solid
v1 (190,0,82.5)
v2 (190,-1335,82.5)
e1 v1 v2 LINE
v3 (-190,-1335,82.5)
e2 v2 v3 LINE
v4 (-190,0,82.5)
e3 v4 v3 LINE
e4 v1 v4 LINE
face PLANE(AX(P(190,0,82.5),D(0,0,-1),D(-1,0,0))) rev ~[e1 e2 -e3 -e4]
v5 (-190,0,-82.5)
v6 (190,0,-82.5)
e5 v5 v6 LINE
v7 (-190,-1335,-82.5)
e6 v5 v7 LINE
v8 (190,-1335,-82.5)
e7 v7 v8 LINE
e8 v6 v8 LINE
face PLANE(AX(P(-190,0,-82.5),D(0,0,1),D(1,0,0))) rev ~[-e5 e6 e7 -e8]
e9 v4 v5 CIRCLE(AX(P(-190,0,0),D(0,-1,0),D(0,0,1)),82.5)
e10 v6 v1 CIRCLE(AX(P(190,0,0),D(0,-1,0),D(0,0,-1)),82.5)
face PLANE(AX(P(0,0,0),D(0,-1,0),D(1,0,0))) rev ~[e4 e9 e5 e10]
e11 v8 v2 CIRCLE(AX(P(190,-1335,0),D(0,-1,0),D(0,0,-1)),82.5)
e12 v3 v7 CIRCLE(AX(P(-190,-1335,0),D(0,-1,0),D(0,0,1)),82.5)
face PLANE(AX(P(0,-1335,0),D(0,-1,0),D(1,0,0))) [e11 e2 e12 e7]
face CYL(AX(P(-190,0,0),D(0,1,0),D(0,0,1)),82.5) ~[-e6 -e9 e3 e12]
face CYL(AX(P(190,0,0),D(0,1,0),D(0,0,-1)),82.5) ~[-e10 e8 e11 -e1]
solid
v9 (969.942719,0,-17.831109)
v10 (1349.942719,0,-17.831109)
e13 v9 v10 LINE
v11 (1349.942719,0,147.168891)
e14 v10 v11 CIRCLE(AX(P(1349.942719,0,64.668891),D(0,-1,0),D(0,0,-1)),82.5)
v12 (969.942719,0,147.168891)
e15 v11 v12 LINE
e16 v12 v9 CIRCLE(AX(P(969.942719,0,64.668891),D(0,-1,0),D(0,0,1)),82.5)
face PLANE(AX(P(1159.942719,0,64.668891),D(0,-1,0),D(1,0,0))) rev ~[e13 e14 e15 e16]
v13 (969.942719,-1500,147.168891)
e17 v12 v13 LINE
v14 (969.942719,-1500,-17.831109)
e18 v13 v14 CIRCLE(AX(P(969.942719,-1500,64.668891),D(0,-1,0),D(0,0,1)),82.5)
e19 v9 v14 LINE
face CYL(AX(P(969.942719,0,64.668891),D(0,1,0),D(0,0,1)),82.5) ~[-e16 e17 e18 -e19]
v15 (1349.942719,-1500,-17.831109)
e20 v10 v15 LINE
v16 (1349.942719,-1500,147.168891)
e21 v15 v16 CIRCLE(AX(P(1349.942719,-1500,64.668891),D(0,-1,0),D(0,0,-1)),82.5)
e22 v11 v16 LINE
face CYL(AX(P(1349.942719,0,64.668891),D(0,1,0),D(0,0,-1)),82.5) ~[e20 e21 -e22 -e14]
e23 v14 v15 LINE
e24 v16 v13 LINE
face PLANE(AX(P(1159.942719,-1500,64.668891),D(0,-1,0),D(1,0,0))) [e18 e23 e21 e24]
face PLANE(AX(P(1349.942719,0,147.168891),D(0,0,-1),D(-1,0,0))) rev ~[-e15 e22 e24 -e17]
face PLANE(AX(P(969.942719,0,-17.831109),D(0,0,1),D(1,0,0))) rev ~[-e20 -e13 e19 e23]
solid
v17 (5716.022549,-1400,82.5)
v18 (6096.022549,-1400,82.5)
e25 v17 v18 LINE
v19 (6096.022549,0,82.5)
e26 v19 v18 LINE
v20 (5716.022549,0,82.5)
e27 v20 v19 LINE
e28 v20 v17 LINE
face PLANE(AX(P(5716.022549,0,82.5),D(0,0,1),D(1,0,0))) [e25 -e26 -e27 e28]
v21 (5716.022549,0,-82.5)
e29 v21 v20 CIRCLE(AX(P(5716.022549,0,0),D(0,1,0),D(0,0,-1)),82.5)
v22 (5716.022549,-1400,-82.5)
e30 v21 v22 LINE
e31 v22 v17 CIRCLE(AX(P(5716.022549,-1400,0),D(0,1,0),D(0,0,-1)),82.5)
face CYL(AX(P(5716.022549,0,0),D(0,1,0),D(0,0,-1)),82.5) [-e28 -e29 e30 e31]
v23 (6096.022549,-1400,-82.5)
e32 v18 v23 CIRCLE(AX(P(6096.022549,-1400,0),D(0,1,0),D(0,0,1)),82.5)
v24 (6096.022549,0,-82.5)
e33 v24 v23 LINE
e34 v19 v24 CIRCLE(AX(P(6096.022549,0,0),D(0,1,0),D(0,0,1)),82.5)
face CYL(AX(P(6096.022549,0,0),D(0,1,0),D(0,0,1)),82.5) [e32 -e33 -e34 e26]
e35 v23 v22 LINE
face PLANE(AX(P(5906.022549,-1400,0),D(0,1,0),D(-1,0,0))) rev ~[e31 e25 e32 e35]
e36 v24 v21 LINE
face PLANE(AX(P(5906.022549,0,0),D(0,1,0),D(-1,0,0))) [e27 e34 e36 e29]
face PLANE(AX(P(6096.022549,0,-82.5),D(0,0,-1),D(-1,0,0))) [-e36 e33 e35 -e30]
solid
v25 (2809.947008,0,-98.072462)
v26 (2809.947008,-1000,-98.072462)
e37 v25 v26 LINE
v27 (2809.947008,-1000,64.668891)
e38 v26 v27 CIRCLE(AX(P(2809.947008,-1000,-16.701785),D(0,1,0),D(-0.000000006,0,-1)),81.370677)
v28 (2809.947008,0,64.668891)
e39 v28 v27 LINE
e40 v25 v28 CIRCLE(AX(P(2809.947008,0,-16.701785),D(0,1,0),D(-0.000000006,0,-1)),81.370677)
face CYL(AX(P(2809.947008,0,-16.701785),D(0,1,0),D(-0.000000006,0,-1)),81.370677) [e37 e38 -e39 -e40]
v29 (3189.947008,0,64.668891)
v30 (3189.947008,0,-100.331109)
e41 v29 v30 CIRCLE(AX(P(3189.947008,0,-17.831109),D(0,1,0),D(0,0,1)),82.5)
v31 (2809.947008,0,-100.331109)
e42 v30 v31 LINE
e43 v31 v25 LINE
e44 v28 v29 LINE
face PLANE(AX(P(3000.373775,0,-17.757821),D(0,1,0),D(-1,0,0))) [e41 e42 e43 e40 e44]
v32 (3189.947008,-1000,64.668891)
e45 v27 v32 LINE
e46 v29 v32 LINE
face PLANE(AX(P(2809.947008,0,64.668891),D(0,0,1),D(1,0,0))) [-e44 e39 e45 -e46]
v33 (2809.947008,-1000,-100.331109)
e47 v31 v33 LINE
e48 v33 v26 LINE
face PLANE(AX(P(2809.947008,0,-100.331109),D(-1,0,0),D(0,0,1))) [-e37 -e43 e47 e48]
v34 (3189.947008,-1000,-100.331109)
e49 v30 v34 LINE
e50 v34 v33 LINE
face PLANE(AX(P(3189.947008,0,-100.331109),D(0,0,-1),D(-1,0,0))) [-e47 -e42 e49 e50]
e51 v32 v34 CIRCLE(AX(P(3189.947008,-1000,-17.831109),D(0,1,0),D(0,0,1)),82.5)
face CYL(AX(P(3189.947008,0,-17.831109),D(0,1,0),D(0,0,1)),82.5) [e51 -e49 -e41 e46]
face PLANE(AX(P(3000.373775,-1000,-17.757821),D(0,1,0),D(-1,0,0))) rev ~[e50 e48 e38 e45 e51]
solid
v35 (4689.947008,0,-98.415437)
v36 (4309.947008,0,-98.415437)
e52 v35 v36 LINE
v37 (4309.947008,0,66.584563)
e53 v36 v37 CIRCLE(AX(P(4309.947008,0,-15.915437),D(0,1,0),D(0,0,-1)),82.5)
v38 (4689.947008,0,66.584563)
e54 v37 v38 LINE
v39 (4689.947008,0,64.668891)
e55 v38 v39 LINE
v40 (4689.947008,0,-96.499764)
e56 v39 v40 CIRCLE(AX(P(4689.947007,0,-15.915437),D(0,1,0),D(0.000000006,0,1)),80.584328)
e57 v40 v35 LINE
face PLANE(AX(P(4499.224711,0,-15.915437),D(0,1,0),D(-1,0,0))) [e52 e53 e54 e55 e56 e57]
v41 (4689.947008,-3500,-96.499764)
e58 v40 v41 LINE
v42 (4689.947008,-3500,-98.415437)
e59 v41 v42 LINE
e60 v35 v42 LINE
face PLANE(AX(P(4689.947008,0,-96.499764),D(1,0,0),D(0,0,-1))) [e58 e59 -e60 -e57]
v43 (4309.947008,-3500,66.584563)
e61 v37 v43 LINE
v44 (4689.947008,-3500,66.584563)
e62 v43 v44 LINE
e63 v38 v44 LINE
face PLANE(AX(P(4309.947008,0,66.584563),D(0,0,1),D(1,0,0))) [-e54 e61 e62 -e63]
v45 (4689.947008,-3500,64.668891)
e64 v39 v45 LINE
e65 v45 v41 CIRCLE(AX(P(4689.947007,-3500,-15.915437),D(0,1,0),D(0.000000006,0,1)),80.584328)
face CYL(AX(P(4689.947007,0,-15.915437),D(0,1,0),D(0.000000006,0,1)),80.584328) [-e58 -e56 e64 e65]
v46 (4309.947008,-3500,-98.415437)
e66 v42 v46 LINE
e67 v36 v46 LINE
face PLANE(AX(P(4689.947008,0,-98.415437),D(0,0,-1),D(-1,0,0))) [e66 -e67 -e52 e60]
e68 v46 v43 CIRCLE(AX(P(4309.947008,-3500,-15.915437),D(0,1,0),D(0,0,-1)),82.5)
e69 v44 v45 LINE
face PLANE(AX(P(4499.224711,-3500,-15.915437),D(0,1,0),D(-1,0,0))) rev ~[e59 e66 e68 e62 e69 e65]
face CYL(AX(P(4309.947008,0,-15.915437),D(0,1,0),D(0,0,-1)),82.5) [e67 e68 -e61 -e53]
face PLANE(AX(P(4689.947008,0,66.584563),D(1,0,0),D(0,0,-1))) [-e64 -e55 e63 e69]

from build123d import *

# Parameters (mm, degrees)
F1_DEPTH = 1335
F3_DEPTH = 1500
F5_DEPTH = 1000
F7_DEPTH = 3500
F9_DEPTH = 1400


with BuildPart() as f1:
    # F0 (on Front) → F1 (new body)
    with BuildSketch(Plane.XZ):
        with BuildLine():
            Line((-190, -82.5), (190, -82.5))
            ThreePointArc((190, -82.5), (272.5, 0), (190, 82.5))
            Line((190, 82.5), (-190, 82.5))
            ThreePointArc((-190, 82.5), (-272.5, 0), (-190, -82.5))
        make_face()
    extrude(amount=F1_DEPTH)


with BuildPart() as f3:
    # F2 (on Front) → F3 (new body)
    with BuildSketch(Plane.XZ):
        with BuildLine():
            Line((969.942719, -17.831109), (1349.942719, -17.831109))
            ThreePointArc((1349.942719, -17.831109), (1432.442719, 64.668891), (1349.942719, 147.168891))
            Line((1349.942719, 147.168891), (969.942719, 147.168891))
            ThreePointArc((969.942719, 147.168891), (887.442719, 64.668891), (969.942719, -17.831109))
        make_face()
    extrude(amount=F3_DEPTH)


with BuildPart() as f5:
    # F4 (on face) → F5 (new body)
    with BuildSketch(Plane(origin=(0, 0, 0), x_dir=(-1, 0, 0), z_dir=(0, 1, 0))):
        with BuildLine():
            ThreePointArc((-3189.947008, 64.668891), (-3272.447008, -17.831109), (-3189.947008, -100.331109))
            Line((-3189.947008, -100.331109), (-2809.947008, -100.331109))
            Line((-2809.947008, -100.331109), (-2809.947008, -98.072462))
            ThreePointArc((-2809.947008, -98.072462), (-2728.576332, -16.701786), (-2809.947008, 64.668891))
            Line((-2809.947008, 64.668891), (-3189.947008, 64.668891))
        make_face()
    extrude(amount=-F5_DEPTH)


with BuildPart() as f7:
    # F6 (on face) → F7 (new body)
    with BuildSketch(Plane(origin=(0, 0, 0), x_dir=(-1, 0, 0), z_dir=(0, 1, 0))):
        with BuildLine():
            Line((-4689.947008, -96.499764), (-4689.947008, -98.415437))
            Line((-4689.947008, -98.415437), (-4309.947008, -98.415437))
            ThreePointArc((-4309.947008, -98.415437), (-4227.447008, -15.915437), (-4309.947008, 66.584563))
            Line((-4309.947008, 66.584563), (-4689.947008, 66.584563))
            Line((-4689.947008, 66.584563), (-4689.947008, 64.668891))
            ThreePointArc((-4689.947008, 64.668891), (-4770.531335, -15.915437), (-4689.947008, -96.499764))
        make_face()
    extrude(amount=-F7_DEPTH)


with BuildPart() as f9:
    # F8 (on face) → F9 (new body)
    with BuildSketch(Plane(origin=(0, 0, 0), x_dir=(-1, 0, 0), z_dir=(0, 1, 0))):
        with BuildLine():
            ThreePointArc((-6096.022549, 82.5), (-6178.522549, 0), (-6096.022549, -82.5))
            Line((-6096.022549, -82.5), (-5716.022549, -82.5))
            ThreePointArc((-5716.022549, -82.5), (-5633.522549, 0), (-5716.022549, 82.5))
            Line((-5716.022549, 82.5), (-6096.022549, 82.5))
        make_face()
    extrude(amount=-F9_DEPTH)


solid = Compound([f1.part, f3.part, f5.part, f7.part, f9.part])
